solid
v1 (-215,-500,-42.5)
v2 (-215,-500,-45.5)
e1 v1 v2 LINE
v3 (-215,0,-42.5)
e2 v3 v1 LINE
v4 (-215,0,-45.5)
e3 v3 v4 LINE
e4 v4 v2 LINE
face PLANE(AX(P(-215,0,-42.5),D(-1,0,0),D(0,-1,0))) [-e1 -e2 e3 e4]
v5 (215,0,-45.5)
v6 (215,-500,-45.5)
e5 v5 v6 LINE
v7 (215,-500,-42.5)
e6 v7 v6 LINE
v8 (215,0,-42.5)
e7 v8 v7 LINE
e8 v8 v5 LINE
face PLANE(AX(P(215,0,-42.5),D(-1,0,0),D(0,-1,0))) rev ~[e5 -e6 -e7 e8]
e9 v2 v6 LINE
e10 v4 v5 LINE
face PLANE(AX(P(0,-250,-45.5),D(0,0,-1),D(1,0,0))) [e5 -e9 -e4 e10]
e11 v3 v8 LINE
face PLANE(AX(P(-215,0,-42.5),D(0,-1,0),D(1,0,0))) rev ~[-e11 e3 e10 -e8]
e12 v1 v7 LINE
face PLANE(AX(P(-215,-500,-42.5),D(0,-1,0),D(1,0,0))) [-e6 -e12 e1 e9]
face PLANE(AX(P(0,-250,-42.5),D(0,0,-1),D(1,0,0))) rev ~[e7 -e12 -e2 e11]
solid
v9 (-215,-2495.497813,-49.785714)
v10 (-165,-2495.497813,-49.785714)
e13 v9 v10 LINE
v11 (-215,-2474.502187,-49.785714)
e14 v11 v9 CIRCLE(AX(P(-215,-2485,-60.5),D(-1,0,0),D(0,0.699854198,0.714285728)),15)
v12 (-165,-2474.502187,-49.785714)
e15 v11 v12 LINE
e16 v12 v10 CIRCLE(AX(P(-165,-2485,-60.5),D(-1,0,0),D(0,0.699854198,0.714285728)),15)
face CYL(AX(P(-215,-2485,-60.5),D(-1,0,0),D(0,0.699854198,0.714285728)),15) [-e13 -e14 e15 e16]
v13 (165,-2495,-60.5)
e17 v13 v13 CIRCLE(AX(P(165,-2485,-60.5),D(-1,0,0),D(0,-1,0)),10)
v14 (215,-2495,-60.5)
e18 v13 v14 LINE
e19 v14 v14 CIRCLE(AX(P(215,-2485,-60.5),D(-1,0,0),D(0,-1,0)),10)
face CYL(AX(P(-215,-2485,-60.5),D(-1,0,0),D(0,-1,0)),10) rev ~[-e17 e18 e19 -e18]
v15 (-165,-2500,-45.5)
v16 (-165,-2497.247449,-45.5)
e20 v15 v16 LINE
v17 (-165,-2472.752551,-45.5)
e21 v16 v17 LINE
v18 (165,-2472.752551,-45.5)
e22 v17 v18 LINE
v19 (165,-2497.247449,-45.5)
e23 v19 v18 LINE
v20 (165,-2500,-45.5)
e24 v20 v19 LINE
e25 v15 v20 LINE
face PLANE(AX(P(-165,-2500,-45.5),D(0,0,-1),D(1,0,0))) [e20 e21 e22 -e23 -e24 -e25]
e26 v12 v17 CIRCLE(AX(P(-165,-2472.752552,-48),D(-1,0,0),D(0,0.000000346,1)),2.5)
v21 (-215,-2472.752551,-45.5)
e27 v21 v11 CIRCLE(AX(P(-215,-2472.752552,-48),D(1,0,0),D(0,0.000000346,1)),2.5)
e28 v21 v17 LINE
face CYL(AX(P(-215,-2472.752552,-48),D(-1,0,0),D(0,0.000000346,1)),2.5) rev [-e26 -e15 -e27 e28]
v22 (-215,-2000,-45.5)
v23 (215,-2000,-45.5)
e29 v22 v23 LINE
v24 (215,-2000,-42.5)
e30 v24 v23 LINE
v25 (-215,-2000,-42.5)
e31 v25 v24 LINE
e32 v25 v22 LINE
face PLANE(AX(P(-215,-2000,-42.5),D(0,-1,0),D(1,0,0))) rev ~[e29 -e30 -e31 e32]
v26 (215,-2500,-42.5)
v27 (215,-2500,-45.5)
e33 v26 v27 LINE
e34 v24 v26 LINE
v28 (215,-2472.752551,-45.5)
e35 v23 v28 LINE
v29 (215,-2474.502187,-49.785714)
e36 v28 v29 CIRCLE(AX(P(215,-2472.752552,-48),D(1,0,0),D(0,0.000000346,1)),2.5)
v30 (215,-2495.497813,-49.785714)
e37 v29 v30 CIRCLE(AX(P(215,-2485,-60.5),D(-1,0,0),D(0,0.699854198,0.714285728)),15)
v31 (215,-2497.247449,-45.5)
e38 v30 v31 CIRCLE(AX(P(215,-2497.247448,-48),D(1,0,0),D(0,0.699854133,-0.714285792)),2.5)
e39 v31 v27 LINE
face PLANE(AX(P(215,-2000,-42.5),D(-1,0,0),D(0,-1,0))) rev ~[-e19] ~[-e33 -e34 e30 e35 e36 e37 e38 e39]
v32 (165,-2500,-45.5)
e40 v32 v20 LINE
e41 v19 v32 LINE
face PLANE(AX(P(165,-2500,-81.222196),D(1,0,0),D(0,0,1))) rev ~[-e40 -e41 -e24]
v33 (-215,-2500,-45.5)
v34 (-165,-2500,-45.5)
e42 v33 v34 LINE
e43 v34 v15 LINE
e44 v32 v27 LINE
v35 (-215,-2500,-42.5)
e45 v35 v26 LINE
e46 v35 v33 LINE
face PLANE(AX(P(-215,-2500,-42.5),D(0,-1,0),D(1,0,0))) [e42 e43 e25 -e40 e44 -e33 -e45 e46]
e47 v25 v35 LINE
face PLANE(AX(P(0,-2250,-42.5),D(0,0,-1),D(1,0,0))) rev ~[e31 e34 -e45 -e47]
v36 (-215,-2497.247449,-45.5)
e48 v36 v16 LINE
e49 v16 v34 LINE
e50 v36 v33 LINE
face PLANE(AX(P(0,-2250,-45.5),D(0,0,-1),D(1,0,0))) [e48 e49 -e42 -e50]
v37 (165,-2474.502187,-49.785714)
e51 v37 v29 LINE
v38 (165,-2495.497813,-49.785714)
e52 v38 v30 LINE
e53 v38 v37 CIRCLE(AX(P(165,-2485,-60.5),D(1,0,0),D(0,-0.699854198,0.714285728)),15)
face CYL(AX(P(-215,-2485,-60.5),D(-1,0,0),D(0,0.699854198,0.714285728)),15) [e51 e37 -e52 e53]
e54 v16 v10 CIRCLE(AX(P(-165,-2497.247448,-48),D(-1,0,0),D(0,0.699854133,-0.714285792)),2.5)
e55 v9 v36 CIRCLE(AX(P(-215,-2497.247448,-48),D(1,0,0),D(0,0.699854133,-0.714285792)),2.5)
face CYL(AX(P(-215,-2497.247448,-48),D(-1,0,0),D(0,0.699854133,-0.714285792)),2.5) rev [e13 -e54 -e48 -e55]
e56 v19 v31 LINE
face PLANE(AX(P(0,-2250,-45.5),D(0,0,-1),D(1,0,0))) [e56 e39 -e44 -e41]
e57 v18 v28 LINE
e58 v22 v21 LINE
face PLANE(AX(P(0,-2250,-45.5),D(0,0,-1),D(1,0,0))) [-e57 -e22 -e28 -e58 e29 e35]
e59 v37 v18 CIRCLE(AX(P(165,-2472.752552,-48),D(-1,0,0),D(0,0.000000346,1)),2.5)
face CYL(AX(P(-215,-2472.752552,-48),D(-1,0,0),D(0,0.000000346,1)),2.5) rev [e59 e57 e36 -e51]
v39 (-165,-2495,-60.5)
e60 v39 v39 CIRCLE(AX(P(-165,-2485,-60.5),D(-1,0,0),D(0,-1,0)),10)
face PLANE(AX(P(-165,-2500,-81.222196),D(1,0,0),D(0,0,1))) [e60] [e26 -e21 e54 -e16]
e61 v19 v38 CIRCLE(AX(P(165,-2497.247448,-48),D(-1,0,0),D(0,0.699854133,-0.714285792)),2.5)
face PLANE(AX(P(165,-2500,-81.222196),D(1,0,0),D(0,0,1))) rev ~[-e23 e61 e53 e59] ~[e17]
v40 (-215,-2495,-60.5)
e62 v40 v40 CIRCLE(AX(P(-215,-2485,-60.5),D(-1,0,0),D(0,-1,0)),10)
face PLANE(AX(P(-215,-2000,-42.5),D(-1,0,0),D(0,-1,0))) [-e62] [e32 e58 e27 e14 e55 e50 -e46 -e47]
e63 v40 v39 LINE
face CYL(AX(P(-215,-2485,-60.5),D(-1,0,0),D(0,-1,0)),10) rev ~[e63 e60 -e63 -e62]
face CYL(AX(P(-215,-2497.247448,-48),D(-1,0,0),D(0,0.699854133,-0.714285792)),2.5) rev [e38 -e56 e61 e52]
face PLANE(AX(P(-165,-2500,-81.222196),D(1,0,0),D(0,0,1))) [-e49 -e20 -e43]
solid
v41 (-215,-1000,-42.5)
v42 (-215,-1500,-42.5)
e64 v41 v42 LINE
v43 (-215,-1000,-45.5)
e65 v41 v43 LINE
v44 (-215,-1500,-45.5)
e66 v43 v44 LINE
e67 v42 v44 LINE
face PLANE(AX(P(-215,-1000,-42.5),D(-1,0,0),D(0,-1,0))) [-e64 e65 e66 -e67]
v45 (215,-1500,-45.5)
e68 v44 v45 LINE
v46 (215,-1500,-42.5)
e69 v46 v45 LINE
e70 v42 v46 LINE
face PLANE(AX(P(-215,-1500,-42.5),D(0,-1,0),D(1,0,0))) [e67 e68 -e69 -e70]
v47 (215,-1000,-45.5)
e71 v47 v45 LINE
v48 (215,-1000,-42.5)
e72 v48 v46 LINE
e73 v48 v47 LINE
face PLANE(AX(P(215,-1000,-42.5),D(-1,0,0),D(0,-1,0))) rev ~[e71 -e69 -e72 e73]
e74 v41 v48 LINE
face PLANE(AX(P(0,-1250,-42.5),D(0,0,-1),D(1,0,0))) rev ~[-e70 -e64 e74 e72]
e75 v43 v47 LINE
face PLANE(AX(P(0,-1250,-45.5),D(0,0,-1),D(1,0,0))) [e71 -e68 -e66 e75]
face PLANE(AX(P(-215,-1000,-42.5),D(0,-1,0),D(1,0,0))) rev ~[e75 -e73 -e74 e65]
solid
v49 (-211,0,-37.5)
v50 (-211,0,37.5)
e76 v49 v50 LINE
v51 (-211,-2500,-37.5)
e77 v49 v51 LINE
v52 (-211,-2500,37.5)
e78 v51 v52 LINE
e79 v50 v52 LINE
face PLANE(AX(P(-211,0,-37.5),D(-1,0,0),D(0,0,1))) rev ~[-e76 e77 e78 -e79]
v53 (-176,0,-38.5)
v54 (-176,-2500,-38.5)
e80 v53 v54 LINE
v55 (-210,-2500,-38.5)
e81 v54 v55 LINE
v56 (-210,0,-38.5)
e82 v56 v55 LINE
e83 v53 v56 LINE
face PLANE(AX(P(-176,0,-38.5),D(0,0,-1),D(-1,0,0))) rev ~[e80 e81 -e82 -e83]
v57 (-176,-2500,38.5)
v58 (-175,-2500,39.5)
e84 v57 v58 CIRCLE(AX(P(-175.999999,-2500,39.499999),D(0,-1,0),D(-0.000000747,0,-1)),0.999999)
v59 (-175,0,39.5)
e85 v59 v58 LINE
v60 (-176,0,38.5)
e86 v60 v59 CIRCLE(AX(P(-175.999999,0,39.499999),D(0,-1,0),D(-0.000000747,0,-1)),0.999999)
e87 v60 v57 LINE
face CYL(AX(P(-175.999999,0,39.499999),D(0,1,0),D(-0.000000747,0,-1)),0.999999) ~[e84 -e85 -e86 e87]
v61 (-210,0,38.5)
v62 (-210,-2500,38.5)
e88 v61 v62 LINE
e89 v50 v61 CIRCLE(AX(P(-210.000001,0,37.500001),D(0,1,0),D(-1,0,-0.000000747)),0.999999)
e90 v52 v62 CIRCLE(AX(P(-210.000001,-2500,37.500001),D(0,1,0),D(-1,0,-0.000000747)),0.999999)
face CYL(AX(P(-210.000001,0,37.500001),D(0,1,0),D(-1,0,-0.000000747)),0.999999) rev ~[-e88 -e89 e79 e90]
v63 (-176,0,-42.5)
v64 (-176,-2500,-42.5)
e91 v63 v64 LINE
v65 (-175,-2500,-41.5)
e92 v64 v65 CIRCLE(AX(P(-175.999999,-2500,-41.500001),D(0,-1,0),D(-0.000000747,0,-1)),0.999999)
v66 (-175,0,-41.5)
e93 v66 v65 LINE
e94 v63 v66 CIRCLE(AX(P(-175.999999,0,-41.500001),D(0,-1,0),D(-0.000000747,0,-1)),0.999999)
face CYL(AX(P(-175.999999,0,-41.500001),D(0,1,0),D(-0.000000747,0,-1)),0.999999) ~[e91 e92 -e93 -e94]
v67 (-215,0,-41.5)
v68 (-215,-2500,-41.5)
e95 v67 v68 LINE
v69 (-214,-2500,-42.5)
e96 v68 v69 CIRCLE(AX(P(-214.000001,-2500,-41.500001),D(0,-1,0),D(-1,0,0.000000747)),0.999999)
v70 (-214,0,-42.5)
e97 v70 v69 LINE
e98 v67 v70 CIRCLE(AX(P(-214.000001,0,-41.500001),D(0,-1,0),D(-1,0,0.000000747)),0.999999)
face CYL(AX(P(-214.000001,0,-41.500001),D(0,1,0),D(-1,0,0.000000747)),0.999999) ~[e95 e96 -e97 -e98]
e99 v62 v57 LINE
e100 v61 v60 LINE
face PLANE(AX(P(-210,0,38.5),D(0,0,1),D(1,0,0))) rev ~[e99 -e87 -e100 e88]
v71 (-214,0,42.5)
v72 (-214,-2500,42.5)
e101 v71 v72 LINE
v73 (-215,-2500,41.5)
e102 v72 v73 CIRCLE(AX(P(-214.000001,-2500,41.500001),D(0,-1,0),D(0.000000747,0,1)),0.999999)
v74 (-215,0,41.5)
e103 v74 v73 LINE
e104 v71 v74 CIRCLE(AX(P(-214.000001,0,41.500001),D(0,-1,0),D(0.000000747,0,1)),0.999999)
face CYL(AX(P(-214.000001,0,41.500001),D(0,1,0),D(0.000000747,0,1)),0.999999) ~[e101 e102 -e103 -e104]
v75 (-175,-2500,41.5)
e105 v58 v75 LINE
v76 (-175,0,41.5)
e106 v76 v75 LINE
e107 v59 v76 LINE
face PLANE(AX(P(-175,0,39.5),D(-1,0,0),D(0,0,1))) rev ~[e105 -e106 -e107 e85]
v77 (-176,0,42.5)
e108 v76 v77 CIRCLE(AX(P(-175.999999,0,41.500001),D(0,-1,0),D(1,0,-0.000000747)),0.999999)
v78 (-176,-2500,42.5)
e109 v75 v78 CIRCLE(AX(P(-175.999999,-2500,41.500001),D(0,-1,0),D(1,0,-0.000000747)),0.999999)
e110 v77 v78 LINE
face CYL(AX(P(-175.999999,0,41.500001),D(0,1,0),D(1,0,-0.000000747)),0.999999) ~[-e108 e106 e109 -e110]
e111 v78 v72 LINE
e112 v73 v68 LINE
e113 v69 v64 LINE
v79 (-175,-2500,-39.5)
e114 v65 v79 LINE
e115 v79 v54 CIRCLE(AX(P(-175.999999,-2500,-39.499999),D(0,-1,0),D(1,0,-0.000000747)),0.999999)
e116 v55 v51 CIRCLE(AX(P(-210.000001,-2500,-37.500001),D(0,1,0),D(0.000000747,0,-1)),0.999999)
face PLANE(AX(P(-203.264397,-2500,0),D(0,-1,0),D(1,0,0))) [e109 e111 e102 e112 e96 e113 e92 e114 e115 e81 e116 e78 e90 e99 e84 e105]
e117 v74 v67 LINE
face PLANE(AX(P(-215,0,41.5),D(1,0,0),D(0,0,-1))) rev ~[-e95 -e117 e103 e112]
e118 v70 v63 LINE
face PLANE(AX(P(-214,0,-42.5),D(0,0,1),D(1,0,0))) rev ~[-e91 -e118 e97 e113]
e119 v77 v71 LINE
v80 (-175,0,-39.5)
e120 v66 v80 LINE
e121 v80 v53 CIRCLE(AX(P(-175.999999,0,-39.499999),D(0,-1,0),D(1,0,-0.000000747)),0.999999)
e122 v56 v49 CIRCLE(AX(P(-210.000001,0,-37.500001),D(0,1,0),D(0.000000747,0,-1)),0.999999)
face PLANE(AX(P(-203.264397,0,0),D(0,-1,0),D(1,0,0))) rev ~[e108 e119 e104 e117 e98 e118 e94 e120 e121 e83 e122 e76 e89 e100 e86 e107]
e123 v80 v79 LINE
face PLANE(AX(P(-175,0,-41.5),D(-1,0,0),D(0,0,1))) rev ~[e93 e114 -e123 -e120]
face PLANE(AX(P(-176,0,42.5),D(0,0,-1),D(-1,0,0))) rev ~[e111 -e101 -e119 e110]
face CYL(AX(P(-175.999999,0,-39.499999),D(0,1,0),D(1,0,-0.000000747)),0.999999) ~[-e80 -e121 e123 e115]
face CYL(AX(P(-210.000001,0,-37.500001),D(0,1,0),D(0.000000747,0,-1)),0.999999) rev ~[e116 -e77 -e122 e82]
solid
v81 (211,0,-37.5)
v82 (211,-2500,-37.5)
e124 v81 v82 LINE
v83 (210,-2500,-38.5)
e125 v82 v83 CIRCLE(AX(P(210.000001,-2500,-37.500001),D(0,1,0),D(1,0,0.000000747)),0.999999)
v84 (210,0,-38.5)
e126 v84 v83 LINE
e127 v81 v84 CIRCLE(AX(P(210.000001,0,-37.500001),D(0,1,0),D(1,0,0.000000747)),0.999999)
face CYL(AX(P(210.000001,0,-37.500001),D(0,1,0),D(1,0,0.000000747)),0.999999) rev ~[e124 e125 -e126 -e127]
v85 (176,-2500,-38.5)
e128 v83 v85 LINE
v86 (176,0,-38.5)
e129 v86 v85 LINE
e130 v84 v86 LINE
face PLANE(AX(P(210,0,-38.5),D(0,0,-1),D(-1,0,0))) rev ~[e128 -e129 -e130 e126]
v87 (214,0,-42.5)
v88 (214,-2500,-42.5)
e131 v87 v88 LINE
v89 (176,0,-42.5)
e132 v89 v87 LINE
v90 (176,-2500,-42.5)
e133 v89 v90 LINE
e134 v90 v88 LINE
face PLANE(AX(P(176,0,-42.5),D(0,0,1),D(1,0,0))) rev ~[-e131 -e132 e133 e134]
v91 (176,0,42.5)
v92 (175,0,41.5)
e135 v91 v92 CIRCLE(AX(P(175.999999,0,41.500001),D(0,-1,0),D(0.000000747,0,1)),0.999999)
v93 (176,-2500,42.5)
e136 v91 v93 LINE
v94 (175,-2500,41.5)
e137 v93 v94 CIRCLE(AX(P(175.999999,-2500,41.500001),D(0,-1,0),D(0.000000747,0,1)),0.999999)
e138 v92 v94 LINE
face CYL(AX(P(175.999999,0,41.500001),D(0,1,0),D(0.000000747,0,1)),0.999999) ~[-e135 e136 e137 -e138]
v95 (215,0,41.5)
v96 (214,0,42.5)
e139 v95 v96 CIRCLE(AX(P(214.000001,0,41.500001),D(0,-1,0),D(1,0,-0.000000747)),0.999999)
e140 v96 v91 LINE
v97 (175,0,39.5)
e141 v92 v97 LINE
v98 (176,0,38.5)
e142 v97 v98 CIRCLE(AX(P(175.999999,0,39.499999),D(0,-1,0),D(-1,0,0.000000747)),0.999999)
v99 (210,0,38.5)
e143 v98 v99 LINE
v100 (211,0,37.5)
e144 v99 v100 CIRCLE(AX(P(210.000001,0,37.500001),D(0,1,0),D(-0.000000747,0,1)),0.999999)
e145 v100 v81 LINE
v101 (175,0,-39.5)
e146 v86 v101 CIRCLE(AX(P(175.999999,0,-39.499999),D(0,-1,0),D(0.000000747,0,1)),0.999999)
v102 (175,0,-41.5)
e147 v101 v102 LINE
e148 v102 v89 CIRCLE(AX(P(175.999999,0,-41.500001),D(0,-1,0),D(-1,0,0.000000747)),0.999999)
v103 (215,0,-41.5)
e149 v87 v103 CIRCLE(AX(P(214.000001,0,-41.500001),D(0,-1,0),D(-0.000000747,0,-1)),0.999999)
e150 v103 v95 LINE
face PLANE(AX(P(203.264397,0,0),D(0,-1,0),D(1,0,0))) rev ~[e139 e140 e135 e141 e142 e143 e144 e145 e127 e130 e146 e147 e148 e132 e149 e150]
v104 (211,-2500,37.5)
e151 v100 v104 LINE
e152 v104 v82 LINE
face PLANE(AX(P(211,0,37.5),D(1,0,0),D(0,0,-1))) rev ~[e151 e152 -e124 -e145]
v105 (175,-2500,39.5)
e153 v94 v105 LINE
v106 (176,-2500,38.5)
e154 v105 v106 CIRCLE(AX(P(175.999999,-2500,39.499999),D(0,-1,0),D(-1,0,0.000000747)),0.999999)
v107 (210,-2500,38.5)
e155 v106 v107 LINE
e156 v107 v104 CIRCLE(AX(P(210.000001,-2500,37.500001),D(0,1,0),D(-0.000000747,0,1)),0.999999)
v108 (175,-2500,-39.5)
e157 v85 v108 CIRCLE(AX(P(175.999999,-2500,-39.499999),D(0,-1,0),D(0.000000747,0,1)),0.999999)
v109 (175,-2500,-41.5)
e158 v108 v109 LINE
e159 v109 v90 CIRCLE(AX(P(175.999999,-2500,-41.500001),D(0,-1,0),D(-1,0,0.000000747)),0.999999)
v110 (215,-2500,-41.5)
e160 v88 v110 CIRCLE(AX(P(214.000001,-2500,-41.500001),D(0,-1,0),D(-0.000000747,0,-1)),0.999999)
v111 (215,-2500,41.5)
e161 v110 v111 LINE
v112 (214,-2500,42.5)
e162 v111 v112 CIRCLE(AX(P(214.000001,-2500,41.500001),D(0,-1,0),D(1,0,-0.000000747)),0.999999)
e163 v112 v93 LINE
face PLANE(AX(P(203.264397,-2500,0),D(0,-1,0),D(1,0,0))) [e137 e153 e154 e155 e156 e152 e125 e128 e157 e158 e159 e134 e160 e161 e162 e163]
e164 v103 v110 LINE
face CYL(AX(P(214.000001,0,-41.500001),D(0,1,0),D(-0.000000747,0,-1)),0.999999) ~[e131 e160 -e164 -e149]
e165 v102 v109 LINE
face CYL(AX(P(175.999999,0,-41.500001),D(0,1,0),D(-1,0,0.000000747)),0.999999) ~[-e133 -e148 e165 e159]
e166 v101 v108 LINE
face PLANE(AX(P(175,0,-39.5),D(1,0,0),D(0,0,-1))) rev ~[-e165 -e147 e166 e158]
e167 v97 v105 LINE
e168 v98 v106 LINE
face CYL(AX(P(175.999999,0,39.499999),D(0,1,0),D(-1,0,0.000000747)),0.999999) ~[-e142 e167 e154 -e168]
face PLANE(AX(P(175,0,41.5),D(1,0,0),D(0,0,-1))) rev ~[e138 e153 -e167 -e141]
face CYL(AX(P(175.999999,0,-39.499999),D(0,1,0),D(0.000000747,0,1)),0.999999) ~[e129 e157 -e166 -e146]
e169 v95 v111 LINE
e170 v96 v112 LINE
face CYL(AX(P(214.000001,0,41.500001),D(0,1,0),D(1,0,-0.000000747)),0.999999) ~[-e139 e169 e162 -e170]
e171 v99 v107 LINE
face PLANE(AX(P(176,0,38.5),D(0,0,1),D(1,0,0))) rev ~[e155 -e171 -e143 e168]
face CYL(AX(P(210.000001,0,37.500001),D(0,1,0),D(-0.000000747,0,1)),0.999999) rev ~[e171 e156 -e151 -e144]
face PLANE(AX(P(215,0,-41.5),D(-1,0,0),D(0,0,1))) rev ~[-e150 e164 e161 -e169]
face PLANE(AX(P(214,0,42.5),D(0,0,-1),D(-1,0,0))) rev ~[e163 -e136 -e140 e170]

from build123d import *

# Parameters (mm, degrees)
F1_DEPTH = 2500
F2_W     = 430
F2_H     = 500
F3_DEPTH = 3
F4_R     = 10
F5_DEPTH = 430
F6_W     = 330
F6_H     = 35.722197
F7_DEPTH = 49


with BuildPart() as f1:
    # F0 (on Front) → F1 (new body)
    with BuildSketch(Plane.XZ):
        with BuildLine():
            ThreePointArc((-175, 41.5), (-175.292893, 42.207107), (-176, 42.5))
            Line((-176, 42.5), (-214, 42.5))
            ThreePointArc((-214, 42.5), (-214.707107, 42.207107), (-215, 41.5))
            Line((-215, 41.5), (-215, -41.5))
            ThreePointArc((-215, -41.5), (-214.707107, -42.207107), (-214, -42.5))
            Line((-214, -42.5), (-176, -42.5))
            ThreePointArc((-176, -42.5), (-175.292893, -42.207107), (-175, -41.5))
            Line((-175, -41.5), (-175, -39.5))
            ThreePointArc((-175, -39.5), (-175.292893, -38.792893), (-176, -38.5))
            Line((-176, -38.5), (-210, -38.5))
            ThreePointArc((-210, -38.5), (-210.707107, -38.207107), (-211, -37.5))
            Line((-211, -37.5), (-211, 37.5))
            ThreePointArc((-211, 37.5), (-210.707107, 38.207107), (-210, 38.5))
            Line((-210, 38.5), (-176, 38.5))
            ThreePointArc((-176, 38.5), (-175.292893, 38.792893), (-175, 39.5))
            Line((-175, 39.5), (-175, 41.5))
        make_face()
        with BuildLine():
            ThreePointArc((175, -41.5), (175.292893, -42.207107), (176, -42.5))
            Line((176, -42.5), (214, -42.5))
            ThreePointArc((214, -42.5), (214.707107, -42.207107), (215, -41.5))
            Line((215, -41.5), (215, 41.5))
            ThreePointArc((215, 41.5), (214.707107, 42.207107), (214, 42.5))
            Line((214, 42.5), (176, 42.5))
            ThreePointArc((176, 42.5), (175.292893, 42.207107), (175, 41.5))
            Line((175, 41.5), (175, 39.5))
            ThreePointArc((175, 39.5), (175.292893, 38.792893), (176, 38.5))
            Line((176, 38.5), (210, 38.5))
            ThreePointArc((210, 38.5), (210.707107, 38.207107), (211, 37.5))
            Line((211, 37.5), (211, -37.5))
            ThreePointArc((211, -37.5), (210.707107, -38.207107), (210, -38.5))
            Line((210, -38.5), (176, -38.5))
            ThreePointArc((176, -38.5), (175.292893, -38.792893), (175, -39.5))
            Line((175, -39.5), (175, -41.5))
        make_face()
    extrude(amount=F1_DEPTH)


with BuildPart() as f3:
    # F2 (on face) → F3 (new body)
    with BuildSketch(Plane(origin=(0, 0, -42.5), x_dir=(1, 0, 0), z_dir=(0, 0, -1))):
        with Locations((0, 2250)):
            Rectangle(F2_W, F2_H)
        with Locations((0, 1250)):
            Rectangle(F2_W, F2_H)
        with Locations((0, 250)):
            Rectangle(F2_W, F2_H)
    extrude(amount=F3_DEPTH)

    # F4 (on face) → F5 (join, through all)
    with BuildSketch(Plane(origin=(-215, 0, 0), x_dir=(0, -1, 0), z_dir=(-1, 0, 0))):
        with BuildLine():
            ThreePointArc((2472.752551, -45.5), (2475.067102, -47.055089), (2474.502187, -49.785714))
            ThreePointArc((2474.502187, -49.785714), (2485, -75.5), (2495.497813, -49.785714))
            ThreePointArc((2495.497813, -49.785714), (2494.932898, -47.055089), (2497.247449, -45.5))
            Line((2497.247449, -45.5), (2472.752551, -45.5))
        make_face()
        with Locations((2485, -60.5)):
            Circle(F4_R, mode=Mode.SUBTRACT)
    extrude(amount=-F5_DEPTH)

    # F6 (on face) → F7 (cut)
    with BuildSketch(Plane.XZ.offset(2500)):
        with Locations((0, -63.361098)):
            Rectangle(F6_W, F6_H)
    extrude(amount=-F7_DEPTH, mode=Mode.SUBTRACT)


solid = Compound([f1.part, f3.part])
